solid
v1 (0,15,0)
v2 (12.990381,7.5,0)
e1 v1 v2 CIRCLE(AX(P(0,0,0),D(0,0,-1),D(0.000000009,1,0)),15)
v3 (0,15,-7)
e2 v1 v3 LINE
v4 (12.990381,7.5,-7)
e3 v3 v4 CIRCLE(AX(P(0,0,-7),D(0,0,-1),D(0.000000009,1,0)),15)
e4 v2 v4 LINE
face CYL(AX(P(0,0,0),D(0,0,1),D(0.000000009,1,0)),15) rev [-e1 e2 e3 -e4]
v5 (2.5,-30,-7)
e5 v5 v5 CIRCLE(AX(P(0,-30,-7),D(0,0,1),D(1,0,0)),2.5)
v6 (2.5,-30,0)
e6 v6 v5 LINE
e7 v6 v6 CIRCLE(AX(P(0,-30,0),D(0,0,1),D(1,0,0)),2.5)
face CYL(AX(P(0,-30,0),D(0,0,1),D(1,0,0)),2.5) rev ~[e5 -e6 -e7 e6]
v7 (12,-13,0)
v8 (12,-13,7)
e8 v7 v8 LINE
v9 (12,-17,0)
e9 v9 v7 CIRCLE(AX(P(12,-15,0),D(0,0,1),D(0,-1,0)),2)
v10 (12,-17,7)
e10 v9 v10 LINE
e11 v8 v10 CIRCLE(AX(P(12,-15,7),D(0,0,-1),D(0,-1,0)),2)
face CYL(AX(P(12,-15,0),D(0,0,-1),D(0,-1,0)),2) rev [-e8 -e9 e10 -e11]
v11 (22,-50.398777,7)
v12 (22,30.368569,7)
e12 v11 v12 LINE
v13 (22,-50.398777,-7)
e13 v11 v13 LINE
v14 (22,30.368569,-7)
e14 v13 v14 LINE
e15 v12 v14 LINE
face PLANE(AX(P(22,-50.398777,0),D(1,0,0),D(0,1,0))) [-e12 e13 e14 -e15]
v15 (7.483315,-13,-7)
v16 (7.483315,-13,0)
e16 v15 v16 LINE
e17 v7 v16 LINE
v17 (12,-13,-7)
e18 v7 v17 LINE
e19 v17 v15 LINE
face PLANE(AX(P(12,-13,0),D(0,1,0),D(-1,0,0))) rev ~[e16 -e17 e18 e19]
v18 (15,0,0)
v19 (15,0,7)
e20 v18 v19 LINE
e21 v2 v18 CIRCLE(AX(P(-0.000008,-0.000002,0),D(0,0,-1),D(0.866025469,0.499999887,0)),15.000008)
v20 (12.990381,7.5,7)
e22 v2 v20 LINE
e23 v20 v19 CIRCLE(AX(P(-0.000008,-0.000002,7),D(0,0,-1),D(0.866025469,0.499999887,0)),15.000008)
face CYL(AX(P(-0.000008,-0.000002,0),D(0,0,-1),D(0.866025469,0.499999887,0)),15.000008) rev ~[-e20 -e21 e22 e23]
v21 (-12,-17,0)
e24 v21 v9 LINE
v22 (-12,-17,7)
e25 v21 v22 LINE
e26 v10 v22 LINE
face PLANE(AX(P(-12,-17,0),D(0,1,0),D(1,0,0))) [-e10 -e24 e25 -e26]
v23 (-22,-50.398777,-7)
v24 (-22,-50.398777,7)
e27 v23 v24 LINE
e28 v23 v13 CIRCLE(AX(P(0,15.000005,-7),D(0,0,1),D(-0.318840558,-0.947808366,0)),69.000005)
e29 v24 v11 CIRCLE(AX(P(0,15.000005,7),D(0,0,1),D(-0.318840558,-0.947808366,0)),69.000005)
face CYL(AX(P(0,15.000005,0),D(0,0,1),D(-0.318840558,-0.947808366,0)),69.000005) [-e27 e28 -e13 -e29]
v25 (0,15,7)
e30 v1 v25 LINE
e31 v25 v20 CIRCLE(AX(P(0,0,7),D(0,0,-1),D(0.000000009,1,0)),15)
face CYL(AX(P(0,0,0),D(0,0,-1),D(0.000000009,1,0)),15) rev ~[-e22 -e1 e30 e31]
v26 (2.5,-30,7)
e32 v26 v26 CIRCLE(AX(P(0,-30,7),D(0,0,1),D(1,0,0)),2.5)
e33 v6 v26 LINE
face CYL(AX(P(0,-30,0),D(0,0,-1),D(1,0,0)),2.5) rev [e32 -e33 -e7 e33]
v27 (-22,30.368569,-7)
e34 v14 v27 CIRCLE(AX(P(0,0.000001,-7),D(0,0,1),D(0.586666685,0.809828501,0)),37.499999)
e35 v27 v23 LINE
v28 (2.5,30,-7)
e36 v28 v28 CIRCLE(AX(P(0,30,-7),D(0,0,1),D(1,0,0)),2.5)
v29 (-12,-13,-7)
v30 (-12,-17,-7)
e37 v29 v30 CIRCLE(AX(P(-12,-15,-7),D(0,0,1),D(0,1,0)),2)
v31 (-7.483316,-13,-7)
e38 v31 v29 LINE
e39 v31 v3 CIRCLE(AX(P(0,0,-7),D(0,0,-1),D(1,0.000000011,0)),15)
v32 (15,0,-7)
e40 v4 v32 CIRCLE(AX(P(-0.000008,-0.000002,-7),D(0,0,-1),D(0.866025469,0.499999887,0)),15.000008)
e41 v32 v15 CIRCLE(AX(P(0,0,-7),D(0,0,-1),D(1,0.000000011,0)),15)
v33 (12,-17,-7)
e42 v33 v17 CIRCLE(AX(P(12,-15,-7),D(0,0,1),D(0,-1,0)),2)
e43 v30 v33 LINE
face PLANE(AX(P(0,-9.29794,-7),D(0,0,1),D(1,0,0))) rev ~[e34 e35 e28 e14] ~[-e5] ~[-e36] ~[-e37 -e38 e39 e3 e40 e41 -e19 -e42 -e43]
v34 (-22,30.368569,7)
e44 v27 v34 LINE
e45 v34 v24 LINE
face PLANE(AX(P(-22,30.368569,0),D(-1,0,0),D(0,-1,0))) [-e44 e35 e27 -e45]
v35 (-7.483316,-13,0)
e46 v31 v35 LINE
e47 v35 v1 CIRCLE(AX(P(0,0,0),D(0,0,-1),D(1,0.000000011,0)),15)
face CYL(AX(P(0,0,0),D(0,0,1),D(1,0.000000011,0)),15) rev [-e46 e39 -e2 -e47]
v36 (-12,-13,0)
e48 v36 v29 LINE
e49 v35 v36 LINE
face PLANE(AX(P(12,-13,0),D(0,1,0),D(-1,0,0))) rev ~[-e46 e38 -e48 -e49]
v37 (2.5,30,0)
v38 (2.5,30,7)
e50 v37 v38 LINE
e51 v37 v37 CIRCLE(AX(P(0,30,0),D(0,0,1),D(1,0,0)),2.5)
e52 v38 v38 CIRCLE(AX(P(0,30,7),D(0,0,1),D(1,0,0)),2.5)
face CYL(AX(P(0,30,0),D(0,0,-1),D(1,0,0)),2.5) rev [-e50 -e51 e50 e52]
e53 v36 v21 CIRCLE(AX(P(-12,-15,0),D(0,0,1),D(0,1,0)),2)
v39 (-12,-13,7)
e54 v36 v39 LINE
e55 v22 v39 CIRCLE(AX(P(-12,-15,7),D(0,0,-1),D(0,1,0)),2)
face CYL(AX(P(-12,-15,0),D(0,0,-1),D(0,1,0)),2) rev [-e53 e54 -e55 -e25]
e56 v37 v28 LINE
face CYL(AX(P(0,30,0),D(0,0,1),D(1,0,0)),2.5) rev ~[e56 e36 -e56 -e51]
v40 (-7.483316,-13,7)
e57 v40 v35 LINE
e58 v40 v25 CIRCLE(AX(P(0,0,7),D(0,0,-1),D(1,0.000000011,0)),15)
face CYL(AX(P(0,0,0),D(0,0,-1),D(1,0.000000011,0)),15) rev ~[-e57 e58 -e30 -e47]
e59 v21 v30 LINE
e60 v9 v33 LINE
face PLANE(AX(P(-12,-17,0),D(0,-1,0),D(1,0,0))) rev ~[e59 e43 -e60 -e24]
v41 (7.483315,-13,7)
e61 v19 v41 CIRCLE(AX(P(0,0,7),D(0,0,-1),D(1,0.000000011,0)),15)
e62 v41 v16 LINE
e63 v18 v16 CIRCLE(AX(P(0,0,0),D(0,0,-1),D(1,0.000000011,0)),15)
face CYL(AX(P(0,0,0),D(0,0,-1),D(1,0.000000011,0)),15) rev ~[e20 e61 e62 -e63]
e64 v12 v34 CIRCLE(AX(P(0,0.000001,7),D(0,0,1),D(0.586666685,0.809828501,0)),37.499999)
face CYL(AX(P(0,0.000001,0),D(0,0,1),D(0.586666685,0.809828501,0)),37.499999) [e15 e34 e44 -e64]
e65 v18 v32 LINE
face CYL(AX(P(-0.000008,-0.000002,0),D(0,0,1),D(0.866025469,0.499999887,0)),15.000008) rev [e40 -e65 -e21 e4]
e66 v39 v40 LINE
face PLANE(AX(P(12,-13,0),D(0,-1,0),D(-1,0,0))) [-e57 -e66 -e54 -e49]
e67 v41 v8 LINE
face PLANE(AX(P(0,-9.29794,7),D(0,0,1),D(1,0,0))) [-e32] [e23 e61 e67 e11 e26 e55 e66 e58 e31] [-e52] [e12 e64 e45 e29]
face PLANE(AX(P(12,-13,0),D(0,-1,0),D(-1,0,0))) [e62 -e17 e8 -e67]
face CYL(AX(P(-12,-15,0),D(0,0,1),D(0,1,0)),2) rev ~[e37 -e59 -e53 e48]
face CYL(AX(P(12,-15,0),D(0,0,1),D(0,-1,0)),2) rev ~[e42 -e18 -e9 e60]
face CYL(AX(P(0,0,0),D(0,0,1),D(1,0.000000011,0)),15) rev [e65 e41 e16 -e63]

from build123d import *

# Parameters (mm, degrees)
F0_R          = 2.5
F1_DEPTH      = 7
F1_DEPTH_BACK = 7
F3_DEPTH      = 25
F3_DEPTH_BACK = 25


with BuildPart() as f1:
    # F0 (on Top) → F1 (new body, two sides)
    with BuildSketch(Plane.XY) as f1_sk:
        with BuildLine():
            ThreePointArc((22, 30.368569), (0, 37.5), (-22, 30.368569))
            Line((-22, 30.368569), (-22, -50.398777))
            ThreePointArc((-22, -50.398777), (0, -54), (22, -50.398777))
            Line((22, -50.398777), (22, 2.298294))
            Line((22, 2.298294), (22, 30.368569))
        make_face()
        with Locations((0, -30)):
            Circle(F0_R, mode=Mode.SUBTRACT)
        with BuildLine():
            ThreePointArc((0, 15), (7.5, 12.990381), (12.990381, 7.5))
            ThreePointArc((12.990381, 7.5), (14.488887, 3.882286), (15, 0))
            ThreePointArc((15, 0), (-10.606602, -10.606602), (0, 15))
        make_face(mode=Mode.SUBTRACT)
        with Locations((0, 30)):
            Circle(F0_R, mode=Mode.SUBTRACT)
    extrude(amount=F1_DEPTH)
    extrude(f1_sk.sketch, amount=-F1_DEPTH_BACK)

    # F2 (on Top) → F3 (cut, two sides)
    with BuildSketch(Plane.XY) as f3_sk:
        with BuildLine():
            Line((0, -13), (-12, -13))
            ThreePointArc((-12, -13), (-14, -15), (-12, -17))
            Line((-12, -17), (0, -17))
            Line((0, -17), (12, -17))
            ThreePointArc((12, -17), (14, -15), (12, -13))
            Line((12, -13), (0, -13))
        make_face()
    extrude(amount=F3_DEPTH, mode=Mode.SUBTRACT)
    extrude(f3_sk.sketch, amount=-F3_DEPTH_BACK, mode=Mode.SUBTRACT)


solid = f1.part
